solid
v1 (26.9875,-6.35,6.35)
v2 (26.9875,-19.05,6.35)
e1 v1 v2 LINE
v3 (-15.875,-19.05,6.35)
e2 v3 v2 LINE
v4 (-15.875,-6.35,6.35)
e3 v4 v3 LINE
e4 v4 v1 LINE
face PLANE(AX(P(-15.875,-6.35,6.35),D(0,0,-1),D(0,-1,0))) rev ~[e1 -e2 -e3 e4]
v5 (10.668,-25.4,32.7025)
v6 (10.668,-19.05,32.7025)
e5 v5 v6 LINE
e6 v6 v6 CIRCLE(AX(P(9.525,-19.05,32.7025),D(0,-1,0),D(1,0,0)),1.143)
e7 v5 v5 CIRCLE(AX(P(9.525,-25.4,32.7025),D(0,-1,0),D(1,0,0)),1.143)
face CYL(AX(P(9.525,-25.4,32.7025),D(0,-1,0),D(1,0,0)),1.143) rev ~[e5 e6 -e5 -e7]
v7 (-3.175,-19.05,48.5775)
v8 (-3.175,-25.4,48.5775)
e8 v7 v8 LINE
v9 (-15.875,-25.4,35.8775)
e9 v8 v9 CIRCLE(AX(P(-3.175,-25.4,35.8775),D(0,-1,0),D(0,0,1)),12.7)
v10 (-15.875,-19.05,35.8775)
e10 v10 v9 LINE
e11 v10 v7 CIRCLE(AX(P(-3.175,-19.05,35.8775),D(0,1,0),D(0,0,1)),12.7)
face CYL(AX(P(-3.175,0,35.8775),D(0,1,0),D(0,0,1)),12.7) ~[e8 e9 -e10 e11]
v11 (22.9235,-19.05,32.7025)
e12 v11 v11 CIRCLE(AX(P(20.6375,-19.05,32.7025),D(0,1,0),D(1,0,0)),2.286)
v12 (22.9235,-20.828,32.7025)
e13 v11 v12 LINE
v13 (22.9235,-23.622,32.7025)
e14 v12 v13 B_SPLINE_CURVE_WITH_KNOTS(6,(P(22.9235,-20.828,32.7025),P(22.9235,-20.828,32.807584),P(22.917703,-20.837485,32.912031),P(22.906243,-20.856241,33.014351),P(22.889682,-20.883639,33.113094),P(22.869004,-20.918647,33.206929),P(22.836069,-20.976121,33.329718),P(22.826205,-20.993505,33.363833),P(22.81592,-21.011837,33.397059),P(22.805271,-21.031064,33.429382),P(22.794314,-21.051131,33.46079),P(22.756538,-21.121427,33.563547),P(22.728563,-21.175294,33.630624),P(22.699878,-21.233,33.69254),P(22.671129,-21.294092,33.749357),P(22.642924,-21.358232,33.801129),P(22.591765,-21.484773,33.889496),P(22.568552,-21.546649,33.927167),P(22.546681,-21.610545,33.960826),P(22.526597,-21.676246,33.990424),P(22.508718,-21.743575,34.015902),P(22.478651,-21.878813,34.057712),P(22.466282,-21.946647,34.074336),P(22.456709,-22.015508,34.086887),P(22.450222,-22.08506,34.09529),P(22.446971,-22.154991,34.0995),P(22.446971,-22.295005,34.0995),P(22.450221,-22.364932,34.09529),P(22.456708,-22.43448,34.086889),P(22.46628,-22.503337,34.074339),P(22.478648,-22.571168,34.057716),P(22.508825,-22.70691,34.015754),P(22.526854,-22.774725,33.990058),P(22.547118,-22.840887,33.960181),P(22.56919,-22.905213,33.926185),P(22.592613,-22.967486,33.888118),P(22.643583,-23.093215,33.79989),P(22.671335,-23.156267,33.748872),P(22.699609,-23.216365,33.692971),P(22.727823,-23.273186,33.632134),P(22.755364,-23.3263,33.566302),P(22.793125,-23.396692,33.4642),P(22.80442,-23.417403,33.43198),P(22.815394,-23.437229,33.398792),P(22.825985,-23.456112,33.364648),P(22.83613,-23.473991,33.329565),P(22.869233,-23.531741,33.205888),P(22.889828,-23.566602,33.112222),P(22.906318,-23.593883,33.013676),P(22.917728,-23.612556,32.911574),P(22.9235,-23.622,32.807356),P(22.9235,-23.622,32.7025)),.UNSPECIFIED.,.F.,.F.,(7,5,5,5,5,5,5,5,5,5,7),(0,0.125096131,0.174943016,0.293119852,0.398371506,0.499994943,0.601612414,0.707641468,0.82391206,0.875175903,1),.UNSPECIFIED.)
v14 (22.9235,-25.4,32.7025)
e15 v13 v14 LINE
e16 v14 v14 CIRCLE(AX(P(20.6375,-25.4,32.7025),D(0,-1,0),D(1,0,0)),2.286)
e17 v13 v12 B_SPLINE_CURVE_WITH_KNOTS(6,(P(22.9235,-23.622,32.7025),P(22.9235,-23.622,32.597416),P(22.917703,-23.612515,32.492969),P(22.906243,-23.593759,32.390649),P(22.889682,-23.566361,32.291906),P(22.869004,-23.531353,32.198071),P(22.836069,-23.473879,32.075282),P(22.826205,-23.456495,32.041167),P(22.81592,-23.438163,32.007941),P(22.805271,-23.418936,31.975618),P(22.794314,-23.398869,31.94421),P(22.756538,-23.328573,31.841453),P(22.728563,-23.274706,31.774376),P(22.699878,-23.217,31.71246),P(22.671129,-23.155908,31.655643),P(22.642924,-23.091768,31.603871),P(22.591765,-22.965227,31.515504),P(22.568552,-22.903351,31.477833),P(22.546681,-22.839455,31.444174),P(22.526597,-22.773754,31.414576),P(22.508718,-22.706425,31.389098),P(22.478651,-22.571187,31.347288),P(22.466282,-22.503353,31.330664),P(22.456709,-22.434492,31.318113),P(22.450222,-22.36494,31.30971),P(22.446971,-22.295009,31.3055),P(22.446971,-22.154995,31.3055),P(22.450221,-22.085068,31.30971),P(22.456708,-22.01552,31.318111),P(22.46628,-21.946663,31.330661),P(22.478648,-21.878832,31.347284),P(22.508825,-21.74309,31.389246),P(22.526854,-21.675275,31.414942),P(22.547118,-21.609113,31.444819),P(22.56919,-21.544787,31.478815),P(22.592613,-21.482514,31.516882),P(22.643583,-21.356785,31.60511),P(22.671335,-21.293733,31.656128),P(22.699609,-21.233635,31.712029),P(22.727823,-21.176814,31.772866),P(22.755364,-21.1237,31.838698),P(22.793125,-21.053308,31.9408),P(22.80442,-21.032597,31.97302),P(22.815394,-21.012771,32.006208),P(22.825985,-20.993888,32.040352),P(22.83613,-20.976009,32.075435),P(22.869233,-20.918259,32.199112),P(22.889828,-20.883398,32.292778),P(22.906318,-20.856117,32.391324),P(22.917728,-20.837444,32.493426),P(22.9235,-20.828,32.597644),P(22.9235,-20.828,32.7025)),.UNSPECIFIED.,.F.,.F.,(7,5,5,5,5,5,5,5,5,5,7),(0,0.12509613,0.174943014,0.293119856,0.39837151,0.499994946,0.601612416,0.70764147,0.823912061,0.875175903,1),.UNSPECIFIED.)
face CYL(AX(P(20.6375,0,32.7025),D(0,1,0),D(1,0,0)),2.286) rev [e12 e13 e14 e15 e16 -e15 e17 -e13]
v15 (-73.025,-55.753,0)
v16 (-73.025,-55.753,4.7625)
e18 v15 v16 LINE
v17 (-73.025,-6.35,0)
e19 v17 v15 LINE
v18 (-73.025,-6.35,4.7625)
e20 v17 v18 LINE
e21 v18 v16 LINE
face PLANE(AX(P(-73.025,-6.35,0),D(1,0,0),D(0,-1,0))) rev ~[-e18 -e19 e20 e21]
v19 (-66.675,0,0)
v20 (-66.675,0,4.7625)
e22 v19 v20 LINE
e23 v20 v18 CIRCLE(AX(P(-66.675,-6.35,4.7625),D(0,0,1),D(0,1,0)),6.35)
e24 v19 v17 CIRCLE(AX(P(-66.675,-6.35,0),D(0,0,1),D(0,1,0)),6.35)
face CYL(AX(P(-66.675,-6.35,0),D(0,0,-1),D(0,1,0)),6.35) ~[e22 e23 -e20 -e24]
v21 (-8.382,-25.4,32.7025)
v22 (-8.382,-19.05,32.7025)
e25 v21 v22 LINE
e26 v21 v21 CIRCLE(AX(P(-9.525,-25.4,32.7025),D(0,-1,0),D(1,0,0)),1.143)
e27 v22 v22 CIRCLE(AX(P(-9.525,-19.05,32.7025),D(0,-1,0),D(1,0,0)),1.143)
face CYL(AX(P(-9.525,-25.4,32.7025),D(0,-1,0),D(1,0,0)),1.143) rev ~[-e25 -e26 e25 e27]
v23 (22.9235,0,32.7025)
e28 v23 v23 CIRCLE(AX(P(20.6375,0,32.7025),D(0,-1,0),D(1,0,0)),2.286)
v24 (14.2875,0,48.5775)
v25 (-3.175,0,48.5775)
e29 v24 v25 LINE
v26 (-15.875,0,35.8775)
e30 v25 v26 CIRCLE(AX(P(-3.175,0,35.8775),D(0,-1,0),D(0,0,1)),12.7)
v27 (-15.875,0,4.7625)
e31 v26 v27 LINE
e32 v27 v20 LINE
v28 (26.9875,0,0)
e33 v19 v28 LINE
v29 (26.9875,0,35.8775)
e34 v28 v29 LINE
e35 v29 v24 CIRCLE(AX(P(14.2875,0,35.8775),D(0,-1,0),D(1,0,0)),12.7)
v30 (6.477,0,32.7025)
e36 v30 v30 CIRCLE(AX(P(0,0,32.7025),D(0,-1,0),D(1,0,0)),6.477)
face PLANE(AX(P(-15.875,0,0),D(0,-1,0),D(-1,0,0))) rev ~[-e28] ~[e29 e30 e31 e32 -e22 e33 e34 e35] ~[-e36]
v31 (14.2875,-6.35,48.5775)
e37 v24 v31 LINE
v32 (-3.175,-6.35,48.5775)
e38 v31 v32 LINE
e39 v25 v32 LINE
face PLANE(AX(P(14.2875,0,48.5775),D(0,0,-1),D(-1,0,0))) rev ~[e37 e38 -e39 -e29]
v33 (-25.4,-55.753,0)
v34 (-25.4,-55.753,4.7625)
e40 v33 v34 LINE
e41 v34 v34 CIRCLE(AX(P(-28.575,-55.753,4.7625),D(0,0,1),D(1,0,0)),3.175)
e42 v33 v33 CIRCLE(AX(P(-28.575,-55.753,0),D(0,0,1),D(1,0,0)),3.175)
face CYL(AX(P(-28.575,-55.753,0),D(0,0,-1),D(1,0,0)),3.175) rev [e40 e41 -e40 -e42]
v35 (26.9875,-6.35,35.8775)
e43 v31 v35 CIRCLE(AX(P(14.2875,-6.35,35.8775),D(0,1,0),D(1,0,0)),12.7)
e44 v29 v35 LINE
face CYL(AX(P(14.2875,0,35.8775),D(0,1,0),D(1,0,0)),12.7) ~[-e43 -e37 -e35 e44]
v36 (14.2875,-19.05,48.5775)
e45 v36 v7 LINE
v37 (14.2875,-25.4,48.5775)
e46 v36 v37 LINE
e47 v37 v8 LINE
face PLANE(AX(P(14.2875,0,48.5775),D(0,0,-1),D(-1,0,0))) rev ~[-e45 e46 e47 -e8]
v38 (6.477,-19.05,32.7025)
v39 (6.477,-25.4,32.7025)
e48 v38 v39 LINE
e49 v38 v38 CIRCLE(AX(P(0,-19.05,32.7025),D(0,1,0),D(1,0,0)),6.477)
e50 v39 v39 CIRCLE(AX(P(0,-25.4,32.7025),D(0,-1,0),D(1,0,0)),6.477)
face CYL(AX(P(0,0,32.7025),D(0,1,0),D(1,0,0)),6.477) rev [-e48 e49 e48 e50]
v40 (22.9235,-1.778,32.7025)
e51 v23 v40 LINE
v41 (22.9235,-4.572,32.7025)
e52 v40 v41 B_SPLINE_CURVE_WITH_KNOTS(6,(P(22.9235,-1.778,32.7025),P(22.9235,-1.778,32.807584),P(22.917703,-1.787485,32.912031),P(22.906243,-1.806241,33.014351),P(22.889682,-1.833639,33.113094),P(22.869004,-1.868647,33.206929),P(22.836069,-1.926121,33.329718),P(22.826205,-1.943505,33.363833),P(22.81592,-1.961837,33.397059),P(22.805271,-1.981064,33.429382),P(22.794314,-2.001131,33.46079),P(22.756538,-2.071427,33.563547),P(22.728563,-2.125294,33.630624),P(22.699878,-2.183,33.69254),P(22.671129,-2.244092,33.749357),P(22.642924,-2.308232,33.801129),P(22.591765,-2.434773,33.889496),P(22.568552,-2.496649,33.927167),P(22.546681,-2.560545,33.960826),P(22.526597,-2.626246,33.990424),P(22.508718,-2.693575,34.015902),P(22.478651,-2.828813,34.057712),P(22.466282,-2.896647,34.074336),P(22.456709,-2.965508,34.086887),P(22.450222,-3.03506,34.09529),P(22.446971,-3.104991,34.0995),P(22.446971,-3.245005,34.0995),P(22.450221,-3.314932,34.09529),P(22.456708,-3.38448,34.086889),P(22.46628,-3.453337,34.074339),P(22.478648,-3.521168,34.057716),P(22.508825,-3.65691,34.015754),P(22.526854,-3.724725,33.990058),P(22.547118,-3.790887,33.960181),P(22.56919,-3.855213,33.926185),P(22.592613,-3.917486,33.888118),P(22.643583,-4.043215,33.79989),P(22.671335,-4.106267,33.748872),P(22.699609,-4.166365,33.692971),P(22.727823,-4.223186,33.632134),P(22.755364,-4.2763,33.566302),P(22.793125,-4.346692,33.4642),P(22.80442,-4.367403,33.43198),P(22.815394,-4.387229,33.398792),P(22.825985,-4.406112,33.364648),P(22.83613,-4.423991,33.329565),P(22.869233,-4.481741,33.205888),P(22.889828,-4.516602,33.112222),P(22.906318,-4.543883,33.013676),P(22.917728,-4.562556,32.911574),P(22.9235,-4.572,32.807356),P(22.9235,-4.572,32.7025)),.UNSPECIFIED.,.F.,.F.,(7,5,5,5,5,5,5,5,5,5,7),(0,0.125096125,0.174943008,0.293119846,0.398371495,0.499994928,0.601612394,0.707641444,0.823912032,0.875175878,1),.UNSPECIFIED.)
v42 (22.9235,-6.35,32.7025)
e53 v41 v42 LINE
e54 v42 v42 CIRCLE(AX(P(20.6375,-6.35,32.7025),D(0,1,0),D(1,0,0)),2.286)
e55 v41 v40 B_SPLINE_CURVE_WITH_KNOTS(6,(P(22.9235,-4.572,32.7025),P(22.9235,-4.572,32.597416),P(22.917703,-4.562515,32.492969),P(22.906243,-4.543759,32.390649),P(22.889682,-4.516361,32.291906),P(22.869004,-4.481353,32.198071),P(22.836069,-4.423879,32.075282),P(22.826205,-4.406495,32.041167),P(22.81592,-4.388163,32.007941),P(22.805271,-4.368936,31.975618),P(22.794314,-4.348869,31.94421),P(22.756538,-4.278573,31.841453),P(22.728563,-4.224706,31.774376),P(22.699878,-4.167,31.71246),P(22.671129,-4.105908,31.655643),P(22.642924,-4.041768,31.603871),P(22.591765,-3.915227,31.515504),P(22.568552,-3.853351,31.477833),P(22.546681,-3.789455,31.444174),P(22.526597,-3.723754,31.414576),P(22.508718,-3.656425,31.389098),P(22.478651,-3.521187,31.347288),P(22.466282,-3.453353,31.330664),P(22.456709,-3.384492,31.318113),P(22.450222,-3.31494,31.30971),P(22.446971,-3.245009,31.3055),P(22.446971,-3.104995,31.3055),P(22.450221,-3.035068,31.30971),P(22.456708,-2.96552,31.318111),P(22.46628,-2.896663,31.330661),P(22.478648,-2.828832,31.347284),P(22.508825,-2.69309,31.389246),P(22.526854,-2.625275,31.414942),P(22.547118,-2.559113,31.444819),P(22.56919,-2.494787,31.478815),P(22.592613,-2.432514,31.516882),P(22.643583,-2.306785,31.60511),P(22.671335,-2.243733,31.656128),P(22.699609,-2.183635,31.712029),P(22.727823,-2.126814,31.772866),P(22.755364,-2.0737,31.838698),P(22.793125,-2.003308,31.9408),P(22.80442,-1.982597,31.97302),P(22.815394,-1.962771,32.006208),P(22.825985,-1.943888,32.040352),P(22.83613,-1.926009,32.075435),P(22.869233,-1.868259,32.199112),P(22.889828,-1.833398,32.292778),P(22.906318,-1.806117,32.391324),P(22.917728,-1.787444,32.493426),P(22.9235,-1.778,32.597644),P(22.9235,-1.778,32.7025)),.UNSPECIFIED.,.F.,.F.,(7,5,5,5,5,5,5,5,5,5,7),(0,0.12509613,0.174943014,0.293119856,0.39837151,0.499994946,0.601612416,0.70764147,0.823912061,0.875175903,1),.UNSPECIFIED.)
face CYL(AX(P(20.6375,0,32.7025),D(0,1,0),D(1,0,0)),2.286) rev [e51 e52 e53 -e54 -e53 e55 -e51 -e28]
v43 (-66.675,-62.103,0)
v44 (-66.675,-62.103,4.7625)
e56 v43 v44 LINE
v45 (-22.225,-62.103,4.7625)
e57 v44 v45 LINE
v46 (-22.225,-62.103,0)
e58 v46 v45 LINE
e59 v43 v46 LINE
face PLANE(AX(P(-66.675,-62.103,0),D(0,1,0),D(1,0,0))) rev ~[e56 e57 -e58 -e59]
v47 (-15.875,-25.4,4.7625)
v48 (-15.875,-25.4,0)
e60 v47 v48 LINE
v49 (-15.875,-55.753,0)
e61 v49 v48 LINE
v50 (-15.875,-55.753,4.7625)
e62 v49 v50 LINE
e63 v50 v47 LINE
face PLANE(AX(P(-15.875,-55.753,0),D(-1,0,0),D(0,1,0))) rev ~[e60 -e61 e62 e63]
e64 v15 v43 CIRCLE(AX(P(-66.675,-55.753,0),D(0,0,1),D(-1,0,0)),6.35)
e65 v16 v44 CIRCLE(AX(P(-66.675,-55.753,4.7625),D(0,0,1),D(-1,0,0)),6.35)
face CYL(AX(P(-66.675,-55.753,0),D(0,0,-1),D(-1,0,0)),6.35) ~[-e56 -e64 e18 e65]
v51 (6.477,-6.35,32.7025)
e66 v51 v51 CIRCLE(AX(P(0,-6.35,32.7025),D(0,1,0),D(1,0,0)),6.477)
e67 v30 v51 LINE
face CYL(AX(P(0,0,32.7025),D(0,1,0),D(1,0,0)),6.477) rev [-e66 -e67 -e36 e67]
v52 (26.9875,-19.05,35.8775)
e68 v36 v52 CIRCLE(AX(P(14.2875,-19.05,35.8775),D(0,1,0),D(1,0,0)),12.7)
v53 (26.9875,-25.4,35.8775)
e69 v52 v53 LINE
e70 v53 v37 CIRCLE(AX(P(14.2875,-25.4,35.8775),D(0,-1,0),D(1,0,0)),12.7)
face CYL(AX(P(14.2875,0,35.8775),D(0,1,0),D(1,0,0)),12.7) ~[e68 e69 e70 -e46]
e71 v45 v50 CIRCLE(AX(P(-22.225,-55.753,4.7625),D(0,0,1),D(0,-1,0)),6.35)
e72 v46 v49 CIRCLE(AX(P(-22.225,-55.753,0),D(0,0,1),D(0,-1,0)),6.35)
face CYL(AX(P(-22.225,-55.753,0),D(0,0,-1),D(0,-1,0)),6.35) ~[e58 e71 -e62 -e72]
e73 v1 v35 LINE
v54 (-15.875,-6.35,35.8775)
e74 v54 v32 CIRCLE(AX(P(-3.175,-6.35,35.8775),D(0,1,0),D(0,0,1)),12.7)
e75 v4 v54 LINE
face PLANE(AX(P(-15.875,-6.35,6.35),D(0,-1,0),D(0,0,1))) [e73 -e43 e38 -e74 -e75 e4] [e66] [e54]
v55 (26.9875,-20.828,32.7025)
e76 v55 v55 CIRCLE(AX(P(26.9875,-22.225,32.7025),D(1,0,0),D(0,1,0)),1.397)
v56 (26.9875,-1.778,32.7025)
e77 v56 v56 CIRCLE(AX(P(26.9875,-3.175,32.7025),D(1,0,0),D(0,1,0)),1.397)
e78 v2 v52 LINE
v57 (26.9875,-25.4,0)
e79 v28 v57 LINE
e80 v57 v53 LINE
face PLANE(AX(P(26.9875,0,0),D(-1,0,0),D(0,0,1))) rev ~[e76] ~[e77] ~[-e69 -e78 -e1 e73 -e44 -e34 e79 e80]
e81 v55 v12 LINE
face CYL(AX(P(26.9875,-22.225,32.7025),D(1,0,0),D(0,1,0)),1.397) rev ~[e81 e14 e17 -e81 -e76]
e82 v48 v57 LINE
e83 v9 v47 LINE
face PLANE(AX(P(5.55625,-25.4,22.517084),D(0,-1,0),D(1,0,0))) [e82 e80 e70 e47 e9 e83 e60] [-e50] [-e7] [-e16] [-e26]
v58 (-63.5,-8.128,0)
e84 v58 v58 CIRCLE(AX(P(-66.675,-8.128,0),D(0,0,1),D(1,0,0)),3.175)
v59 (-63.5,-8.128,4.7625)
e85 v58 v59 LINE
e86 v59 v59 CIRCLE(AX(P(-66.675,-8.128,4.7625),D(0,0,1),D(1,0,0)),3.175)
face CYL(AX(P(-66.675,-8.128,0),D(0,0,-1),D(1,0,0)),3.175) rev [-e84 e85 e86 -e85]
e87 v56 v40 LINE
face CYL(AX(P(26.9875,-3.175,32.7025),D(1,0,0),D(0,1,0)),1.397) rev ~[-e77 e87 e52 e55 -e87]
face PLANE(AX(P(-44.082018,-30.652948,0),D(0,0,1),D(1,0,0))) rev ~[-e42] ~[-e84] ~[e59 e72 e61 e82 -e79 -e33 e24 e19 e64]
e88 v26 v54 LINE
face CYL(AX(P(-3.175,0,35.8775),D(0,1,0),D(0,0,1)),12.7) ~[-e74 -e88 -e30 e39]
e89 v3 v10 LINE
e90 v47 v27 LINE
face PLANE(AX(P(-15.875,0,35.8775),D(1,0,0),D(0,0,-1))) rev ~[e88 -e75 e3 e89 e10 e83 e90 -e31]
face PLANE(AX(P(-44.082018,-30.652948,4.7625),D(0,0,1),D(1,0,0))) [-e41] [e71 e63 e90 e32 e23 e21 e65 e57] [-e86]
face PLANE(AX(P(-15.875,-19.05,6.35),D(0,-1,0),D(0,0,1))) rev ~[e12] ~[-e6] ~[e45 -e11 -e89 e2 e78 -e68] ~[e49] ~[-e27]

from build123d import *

# Parameters (mm, degrees)
F0_R     = 6.477
F0_R_2   = 2.286
F1_DEPTH = 25.4
F2_W     = 12.7
F2_H     = 54.030560414
F3_DEPTH = 42.8635
F4_R     = 3.175
F5_DEPTH = 4.7625
F6_R     = 1.143
F7_DEPTH = 6.35
F8_R     = 1.397
F9_DEPTH = 4.5415286302


with BuildPart() as f1:
    # F0 (on Front) → F1 (new body)
    with BuildSketch(Plane.XZ):
        with BuildLine():
            Line((-15.875, 35.8775), (-15.875, 0))
            Line((-15.875, 0), (26.9875, 0))
            Line((26.9875, 0), (26.9875, 35.8775))
            ThreePointArc((26.9875, 35.8775), (23.2677561211, 44.8577561211), (14.2875, 48.5775))
            Line((14.2875, 48.5775), (-3.175, 48.5775))
            ThreePointArc((-3.175, 48.5775), (-12.1552561211, 44.8577561211), (-15.875, 35.8775))
        make_face()
        with Locations((0, 32.7025)):
            Circle(F0_R, mode=Mode.SUBTRACT)
        with Locations((20.6375, 32.7025)):
            Circle(F0_R_2, mode=Mode.SUBTRACT)
    extrude(amount=F1_DEPTH)

    # F2 (on face) → F3 (cut, through all)
    with BuildSketch(Plane(origin=(-15.875, 0, 0), x_dir=(0, -1, 0), z_dir=(-1, 0, 0))):
        with Locations((12.7, 33.365280207)):
            Rectangle(F2_W, F2_H)
    extrude(amount=-F3_DEPTH, mode=Mode.SUBTRACT)

    # F4 (on Top) → F5 (join)
    with BuildSketch(Plane.XY):
        with BuildLine():
            Line((-15.875, -55.753), (-15.875, 0))
            Line((-15.875, 0), (-66.675, 0))
            ThreePointArc((-66.675, 0), (-71.1651280605, -1.8598719395), (-73.025, -6.35))
            Line((-73.025, -6.35), (-73.025, -55.753))
            ThreePointArc((-73.025, -55.753), (-71.1651280605, -60.2431280605), (-66.675, -62.103))
            Line((-66.675, -62.103), (-22.225, -62.103))
            ThreePointArc((-22.225, -62.103), (-17.7348719395, -60.2431280605), (-15.875, -55.753))
        make_face()
        with Locations((-28.575, -55.753)):
            Circle(F4_R, mode=Mode.SUBTRACT)
        with Locations((-66.675, -8.128)):
            Circle(F4_R, mode=Mode.SUBTRACT)
    extrude(amount=F5_DEPTH)

    # F6 (on face) → F7 (cut, through all)
    with BuildSketch(Plane.XZ.offset(25.4)):
        with Locations((9.525, 32.7025)):
            Circle(F6_R)
        with Locations((-9.525, 32.7025)):
            Circle(F6_R)
    extrude(amount=-F7_DEPTH, mode=Mode.SUBTRACT)

    # F8 (on face) → F9 (cut, through all)
    with BuildSketch(Plane.YZ.offset(26.9875)):
        with Locations((-22.225, 32.7025)):
            Circle(F8_R)
        with Locations((-3.175, 32.7025)):
            Circle(F8_R)
    extrude(amount=-F9_DEPTH, mode=Mode.SUBTRACT)


solid = f1.part
